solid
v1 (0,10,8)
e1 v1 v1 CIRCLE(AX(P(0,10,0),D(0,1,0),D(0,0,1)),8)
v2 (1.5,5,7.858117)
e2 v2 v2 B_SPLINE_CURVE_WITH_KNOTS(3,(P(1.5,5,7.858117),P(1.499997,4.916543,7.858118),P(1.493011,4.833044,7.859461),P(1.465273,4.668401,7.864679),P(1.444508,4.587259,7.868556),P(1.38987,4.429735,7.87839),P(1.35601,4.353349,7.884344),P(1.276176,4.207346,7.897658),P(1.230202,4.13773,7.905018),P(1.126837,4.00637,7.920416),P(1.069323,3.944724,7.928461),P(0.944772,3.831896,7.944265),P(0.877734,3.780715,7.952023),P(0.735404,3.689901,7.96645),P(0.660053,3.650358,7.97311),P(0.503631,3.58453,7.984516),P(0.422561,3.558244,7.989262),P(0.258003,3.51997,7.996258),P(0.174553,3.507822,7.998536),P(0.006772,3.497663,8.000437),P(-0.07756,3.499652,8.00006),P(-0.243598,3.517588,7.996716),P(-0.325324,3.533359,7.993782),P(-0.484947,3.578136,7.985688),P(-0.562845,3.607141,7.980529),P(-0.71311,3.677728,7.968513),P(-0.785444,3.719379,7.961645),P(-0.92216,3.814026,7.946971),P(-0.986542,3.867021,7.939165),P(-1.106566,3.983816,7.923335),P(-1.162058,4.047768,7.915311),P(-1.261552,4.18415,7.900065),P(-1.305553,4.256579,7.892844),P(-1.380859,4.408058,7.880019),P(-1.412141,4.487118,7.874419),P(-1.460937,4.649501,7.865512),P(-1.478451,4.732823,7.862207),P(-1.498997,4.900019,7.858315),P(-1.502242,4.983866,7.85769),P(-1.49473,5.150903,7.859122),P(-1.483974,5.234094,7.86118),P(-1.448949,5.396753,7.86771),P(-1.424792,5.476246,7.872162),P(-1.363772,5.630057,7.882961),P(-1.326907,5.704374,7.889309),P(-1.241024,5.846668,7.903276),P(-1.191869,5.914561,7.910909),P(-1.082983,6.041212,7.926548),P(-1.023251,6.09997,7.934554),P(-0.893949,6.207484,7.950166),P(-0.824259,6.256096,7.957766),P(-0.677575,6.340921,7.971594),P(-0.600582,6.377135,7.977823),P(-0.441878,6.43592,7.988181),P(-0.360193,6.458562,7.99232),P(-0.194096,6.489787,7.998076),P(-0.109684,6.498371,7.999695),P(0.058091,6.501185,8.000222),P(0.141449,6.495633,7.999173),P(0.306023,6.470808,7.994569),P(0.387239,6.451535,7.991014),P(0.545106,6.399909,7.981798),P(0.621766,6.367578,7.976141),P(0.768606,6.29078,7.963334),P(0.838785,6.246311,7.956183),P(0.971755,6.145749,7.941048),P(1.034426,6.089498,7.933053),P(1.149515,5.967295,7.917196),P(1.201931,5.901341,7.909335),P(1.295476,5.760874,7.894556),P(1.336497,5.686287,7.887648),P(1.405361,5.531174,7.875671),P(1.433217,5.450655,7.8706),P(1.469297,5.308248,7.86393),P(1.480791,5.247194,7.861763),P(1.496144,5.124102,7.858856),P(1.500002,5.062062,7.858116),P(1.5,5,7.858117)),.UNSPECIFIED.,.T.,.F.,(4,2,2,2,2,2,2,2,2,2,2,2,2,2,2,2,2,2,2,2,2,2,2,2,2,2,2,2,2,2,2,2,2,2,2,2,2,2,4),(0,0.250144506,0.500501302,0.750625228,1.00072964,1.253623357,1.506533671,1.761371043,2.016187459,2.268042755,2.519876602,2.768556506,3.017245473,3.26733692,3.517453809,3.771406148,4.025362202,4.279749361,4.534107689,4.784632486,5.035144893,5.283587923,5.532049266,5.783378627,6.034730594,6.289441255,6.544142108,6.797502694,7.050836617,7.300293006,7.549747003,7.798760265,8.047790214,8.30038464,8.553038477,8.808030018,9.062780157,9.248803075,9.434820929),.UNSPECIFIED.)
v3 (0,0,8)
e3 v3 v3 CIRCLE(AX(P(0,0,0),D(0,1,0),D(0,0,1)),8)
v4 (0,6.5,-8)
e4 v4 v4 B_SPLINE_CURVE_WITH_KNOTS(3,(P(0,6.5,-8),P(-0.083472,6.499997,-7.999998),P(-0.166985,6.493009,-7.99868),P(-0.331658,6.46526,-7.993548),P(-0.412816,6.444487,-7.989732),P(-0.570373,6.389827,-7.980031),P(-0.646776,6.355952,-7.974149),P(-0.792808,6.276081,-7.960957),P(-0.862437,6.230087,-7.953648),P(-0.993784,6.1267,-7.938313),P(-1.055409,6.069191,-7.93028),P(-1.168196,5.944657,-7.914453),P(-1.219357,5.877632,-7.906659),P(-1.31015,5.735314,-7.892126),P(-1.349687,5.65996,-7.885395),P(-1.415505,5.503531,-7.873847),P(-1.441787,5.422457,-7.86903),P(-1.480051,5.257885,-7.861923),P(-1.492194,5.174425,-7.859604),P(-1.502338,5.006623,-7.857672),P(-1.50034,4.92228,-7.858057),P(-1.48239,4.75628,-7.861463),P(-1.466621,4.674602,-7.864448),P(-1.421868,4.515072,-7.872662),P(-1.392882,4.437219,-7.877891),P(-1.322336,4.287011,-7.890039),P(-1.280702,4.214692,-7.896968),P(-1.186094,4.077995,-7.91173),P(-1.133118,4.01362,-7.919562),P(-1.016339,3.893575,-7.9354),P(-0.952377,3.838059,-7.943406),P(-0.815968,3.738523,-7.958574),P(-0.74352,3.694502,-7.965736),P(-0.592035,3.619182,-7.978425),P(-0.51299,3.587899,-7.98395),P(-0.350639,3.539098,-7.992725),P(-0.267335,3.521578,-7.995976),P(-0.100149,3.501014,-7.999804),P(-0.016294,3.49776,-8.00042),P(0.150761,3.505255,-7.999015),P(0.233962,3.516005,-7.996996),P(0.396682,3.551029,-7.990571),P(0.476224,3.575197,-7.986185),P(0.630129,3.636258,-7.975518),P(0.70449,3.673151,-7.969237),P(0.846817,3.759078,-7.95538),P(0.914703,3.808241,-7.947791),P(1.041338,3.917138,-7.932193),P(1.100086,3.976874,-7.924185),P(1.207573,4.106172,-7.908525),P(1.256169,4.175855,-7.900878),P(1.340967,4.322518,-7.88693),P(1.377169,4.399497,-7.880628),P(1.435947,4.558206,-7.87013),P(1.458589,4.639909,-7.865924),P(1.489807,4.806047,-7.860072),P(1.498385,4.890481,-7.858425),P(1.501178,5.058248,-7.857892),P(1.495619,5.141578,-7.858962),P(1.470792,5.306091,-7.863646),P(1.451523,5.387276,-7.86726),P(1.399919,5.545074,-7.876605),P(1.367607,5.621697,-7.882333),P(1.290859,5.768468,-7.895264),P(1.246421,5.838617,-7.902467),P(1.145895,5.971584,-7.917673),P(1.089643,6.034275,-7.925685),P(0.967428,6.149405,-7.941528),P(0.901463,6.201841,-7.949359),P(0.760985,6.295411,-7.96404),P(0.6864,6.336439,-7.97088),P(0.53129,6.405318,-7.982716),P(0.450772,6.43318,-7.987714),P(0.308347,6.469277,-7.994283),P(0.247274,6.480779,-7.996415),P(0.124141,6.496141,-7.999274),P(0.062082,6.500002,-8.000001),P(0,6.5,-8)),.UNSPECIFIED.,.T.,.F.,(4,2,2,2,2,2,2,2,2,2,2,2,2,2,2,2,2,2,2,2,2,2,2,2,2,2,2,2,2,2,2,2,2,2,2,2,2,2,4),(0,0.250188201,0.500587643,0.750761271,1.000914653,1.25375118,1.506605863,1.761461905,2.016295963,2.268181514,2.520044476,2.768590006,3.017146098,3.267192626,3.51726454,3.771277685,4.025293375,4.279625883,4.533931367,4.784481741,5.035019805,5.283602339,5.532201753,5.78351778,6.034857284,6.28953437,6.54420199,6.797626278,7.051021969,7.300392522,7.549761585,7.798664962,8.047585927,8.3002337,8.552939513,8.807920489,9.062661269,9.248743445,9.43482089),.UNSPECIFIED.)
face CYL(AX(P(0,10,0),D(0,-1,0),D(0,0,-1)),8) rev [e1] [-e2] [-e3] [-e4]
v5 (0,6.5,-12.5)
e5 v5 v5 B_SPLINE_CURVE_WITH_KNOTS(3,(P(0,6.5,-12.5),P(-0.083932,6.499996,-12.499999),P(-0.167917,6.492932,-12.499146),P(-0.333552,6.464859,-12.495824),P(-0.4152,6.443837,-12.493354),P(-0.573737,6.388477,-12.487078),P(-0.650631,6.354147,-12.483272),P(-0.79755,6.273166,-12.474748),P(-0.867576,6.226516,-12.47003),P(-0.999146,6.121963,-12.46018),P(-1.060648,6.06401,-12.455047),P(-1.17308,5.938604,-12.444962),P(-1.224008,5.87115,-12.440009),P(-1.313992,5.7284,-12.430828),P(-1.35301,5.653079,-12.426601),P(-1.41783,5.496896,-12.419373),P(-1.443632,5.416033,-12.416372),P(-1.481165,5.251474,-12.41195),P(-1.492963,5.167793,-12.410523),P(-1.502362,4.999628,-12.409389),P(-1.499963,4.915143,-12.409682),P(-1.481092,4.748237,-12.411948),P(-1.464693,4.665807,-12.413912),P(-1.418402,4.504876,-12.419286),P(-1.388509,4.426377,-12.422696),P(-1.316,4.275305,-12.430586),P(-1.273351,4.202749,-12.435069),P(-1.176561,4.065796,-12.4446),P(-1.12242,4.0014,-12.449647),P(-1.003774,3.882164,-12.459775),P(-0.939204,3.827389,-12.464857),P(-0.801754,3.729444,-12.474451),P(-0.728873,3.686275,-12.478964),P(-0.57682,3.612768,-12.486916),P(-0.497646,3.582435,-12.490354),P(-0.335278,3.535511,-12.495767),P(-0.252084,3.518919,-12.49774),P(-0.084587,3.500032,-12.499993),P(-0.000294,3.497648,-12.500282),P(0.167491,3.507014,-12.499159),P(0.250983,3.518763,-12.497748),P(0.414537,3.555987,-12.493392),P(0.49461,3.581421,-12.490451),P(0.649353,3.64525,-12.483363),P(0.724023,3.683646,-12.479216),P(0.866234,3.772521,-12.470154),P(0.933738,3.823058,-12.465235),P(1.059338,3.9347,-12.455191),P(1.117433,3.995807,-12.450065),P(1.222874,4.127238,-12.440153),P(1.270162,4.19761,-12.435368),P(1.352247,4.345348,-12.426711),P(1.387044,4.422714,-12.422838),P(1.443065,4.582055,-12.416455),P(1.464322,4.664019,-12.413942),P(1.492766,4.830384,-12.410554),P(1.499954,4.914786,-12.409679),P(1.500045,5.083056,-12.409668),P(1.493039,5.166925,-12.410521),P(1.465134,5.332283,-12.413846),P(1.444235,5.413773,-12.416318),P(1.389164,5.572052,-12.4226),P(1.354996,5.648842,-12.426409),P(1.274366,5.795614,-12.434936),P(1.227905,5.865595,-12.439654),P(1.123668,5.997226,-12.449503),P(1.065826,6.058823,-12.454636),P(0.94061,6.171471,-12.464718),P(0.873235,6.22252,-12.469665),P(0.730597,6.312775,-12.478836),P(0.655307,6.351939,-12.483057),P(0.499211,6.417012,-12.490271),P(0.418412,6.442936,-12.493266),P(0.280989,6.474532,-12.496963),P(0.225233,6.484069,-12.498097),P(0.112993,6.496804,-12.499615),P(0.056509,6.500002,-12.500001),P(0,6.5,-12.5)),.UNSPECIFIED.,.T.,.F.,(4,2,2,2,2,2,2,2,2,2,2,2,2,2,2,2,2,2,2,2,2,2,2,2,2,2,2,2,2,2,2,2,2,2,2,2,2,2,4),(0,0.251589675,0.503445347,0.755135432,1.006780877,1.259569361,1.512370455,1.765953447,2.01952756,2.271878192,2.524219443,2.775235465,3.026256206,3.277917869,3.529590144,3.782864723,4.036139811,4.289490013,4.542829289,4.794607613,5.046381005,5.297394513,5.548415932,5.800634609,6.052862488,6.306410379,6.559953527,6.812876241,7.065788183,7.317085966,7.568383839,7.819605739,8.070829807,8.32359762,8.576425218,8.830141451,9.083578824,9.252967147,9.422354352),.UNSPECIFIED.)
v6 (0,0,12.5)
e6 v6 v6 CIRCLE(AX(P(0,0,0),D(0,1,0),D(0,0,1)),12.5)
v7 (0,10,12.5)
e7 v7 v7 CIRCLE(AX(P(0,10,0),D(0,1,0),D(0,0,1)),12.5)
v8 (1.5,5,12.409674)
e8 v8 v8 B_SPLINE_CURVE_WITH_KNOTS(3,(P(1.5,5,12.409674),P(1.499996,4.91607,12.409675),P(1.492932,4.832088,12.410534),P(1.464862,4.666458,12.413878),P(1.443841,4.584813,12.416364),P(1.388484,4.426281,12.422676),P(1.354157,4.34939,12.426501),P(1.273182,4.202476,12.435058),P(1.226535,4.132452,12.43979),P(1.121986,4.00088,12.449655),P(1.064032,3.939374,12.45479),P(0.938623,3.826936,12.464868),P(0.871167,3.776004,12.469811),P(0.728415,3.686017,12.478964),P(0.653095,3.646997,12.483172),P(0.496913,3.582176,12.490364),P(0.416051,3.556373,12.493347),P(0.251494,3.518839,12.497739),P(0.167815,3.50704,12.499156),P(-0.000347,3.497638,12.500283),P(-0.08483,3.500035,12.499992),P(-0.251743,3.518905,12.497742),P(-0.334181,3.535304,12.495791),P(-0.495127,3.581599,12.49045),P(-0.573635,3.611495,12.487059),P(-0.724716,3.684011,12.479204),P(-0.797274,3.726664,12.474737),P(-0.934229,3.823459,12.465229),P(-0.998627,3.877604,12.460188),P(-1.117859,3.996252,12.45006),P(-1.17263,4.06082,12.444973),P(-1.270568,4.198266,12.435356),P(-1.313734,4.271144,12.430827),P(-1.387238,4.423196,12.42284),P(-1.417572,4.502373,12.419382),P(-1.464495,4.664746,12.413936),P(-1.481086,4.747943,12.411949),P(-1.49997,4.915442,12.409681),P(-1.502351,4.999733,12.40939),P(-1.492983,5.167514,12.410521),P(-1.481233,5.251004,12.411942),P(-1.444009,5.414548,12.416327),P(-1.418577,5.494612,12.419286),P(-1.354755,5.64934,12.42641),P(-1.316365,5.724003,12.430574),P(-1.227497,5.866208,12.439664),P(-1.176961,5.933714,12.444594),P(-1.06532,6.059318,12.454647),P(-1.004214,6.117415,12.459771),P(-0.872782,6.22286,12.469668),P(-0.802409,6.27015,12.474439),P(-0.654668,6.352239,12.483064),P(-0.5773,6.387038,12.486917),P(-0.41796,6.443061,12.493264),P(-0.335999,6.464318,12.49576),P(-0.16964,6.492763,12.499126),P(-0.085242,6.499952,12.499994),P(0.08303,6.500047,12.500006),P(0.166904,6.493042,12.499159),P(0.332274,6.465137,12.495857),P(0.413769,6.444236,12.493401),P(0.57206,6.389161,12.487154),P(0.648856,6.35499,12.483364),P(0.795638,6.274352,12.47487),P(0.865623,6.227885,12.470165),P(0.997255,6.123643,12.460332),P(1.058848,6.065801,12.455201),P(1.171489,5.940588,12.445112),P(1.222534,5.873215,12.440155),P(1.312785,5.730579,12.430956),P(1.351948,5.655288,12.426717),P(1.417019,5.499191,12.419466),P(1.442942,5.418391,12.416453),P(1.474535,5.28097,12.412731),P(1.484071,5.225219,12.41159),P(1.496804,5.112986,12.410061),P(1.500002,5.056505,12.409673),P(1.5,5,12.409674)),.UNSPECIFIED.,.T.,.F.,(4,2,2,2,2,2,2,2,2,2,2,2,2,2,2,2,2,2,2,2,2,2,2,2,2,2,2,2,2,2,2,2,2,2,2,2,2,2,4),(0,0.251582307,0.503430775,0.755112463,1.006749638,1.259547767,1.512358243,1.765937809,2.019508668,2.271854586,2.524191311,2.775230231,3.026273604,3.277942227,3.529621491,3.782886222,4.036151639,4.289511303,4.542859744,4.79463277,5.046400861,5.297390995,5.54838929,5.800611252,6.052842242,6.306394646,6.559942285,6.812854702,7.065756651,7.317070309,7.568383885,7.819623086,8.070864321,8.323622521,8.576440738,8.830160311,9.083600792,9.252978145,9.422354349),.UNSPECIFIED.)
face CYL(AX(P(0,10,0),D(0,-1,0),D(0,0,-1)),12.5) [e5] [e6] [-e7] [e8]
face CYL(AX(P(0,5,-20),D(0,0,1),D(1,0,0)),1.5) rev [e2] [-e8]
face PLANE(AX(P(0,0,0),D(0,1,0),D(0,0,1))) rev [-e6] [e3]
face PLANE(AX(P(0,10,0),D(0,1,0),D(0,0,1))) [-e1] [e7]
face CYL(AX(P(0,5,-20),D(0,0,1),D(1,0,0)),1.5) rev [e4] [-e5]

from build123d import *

# Parameters (mm, degrees)
SKETCH1_R           = 12.5
SKETCH1_R_2         = 8
BOSS_EXTRUDE1_DEPTH = 10
SKETCH2_R           = 1.5
CUT_EXTRUDE1_DEPTH  = 20


with BuildPart() as part:
    # Sketch1 → Boss-Extrude1 (new body)
    with BuildSketch(Plane(origin=(0, 0, 0), x_dir=(1, 0, 0), z_dir=(0, 1, 0))):
        with Locations(Location((0, 0, 0), (0, 0, 270))):
            Circle(SKETCH1_R)
        with Locations(Location((0, 0, 0), (0, 0, 270))):
            Circle(SKETCH1_R_2, mode=Mode.SUBTRACT)
    extrude(amount=BOSS_EXTRUDE1_DEPTH)

    # Sketch2 → Cut-Extrude1 (cut, symmetric)
    with BuildSketch(Plane.XY):
        with Locations((0, 5)):
            Circle(SKETCH2_R)
    extrude(amount=CUT_EXTRUDE1_DEPTH, both=True, mode=Mode.SUBTRACT)


solid = part.part
